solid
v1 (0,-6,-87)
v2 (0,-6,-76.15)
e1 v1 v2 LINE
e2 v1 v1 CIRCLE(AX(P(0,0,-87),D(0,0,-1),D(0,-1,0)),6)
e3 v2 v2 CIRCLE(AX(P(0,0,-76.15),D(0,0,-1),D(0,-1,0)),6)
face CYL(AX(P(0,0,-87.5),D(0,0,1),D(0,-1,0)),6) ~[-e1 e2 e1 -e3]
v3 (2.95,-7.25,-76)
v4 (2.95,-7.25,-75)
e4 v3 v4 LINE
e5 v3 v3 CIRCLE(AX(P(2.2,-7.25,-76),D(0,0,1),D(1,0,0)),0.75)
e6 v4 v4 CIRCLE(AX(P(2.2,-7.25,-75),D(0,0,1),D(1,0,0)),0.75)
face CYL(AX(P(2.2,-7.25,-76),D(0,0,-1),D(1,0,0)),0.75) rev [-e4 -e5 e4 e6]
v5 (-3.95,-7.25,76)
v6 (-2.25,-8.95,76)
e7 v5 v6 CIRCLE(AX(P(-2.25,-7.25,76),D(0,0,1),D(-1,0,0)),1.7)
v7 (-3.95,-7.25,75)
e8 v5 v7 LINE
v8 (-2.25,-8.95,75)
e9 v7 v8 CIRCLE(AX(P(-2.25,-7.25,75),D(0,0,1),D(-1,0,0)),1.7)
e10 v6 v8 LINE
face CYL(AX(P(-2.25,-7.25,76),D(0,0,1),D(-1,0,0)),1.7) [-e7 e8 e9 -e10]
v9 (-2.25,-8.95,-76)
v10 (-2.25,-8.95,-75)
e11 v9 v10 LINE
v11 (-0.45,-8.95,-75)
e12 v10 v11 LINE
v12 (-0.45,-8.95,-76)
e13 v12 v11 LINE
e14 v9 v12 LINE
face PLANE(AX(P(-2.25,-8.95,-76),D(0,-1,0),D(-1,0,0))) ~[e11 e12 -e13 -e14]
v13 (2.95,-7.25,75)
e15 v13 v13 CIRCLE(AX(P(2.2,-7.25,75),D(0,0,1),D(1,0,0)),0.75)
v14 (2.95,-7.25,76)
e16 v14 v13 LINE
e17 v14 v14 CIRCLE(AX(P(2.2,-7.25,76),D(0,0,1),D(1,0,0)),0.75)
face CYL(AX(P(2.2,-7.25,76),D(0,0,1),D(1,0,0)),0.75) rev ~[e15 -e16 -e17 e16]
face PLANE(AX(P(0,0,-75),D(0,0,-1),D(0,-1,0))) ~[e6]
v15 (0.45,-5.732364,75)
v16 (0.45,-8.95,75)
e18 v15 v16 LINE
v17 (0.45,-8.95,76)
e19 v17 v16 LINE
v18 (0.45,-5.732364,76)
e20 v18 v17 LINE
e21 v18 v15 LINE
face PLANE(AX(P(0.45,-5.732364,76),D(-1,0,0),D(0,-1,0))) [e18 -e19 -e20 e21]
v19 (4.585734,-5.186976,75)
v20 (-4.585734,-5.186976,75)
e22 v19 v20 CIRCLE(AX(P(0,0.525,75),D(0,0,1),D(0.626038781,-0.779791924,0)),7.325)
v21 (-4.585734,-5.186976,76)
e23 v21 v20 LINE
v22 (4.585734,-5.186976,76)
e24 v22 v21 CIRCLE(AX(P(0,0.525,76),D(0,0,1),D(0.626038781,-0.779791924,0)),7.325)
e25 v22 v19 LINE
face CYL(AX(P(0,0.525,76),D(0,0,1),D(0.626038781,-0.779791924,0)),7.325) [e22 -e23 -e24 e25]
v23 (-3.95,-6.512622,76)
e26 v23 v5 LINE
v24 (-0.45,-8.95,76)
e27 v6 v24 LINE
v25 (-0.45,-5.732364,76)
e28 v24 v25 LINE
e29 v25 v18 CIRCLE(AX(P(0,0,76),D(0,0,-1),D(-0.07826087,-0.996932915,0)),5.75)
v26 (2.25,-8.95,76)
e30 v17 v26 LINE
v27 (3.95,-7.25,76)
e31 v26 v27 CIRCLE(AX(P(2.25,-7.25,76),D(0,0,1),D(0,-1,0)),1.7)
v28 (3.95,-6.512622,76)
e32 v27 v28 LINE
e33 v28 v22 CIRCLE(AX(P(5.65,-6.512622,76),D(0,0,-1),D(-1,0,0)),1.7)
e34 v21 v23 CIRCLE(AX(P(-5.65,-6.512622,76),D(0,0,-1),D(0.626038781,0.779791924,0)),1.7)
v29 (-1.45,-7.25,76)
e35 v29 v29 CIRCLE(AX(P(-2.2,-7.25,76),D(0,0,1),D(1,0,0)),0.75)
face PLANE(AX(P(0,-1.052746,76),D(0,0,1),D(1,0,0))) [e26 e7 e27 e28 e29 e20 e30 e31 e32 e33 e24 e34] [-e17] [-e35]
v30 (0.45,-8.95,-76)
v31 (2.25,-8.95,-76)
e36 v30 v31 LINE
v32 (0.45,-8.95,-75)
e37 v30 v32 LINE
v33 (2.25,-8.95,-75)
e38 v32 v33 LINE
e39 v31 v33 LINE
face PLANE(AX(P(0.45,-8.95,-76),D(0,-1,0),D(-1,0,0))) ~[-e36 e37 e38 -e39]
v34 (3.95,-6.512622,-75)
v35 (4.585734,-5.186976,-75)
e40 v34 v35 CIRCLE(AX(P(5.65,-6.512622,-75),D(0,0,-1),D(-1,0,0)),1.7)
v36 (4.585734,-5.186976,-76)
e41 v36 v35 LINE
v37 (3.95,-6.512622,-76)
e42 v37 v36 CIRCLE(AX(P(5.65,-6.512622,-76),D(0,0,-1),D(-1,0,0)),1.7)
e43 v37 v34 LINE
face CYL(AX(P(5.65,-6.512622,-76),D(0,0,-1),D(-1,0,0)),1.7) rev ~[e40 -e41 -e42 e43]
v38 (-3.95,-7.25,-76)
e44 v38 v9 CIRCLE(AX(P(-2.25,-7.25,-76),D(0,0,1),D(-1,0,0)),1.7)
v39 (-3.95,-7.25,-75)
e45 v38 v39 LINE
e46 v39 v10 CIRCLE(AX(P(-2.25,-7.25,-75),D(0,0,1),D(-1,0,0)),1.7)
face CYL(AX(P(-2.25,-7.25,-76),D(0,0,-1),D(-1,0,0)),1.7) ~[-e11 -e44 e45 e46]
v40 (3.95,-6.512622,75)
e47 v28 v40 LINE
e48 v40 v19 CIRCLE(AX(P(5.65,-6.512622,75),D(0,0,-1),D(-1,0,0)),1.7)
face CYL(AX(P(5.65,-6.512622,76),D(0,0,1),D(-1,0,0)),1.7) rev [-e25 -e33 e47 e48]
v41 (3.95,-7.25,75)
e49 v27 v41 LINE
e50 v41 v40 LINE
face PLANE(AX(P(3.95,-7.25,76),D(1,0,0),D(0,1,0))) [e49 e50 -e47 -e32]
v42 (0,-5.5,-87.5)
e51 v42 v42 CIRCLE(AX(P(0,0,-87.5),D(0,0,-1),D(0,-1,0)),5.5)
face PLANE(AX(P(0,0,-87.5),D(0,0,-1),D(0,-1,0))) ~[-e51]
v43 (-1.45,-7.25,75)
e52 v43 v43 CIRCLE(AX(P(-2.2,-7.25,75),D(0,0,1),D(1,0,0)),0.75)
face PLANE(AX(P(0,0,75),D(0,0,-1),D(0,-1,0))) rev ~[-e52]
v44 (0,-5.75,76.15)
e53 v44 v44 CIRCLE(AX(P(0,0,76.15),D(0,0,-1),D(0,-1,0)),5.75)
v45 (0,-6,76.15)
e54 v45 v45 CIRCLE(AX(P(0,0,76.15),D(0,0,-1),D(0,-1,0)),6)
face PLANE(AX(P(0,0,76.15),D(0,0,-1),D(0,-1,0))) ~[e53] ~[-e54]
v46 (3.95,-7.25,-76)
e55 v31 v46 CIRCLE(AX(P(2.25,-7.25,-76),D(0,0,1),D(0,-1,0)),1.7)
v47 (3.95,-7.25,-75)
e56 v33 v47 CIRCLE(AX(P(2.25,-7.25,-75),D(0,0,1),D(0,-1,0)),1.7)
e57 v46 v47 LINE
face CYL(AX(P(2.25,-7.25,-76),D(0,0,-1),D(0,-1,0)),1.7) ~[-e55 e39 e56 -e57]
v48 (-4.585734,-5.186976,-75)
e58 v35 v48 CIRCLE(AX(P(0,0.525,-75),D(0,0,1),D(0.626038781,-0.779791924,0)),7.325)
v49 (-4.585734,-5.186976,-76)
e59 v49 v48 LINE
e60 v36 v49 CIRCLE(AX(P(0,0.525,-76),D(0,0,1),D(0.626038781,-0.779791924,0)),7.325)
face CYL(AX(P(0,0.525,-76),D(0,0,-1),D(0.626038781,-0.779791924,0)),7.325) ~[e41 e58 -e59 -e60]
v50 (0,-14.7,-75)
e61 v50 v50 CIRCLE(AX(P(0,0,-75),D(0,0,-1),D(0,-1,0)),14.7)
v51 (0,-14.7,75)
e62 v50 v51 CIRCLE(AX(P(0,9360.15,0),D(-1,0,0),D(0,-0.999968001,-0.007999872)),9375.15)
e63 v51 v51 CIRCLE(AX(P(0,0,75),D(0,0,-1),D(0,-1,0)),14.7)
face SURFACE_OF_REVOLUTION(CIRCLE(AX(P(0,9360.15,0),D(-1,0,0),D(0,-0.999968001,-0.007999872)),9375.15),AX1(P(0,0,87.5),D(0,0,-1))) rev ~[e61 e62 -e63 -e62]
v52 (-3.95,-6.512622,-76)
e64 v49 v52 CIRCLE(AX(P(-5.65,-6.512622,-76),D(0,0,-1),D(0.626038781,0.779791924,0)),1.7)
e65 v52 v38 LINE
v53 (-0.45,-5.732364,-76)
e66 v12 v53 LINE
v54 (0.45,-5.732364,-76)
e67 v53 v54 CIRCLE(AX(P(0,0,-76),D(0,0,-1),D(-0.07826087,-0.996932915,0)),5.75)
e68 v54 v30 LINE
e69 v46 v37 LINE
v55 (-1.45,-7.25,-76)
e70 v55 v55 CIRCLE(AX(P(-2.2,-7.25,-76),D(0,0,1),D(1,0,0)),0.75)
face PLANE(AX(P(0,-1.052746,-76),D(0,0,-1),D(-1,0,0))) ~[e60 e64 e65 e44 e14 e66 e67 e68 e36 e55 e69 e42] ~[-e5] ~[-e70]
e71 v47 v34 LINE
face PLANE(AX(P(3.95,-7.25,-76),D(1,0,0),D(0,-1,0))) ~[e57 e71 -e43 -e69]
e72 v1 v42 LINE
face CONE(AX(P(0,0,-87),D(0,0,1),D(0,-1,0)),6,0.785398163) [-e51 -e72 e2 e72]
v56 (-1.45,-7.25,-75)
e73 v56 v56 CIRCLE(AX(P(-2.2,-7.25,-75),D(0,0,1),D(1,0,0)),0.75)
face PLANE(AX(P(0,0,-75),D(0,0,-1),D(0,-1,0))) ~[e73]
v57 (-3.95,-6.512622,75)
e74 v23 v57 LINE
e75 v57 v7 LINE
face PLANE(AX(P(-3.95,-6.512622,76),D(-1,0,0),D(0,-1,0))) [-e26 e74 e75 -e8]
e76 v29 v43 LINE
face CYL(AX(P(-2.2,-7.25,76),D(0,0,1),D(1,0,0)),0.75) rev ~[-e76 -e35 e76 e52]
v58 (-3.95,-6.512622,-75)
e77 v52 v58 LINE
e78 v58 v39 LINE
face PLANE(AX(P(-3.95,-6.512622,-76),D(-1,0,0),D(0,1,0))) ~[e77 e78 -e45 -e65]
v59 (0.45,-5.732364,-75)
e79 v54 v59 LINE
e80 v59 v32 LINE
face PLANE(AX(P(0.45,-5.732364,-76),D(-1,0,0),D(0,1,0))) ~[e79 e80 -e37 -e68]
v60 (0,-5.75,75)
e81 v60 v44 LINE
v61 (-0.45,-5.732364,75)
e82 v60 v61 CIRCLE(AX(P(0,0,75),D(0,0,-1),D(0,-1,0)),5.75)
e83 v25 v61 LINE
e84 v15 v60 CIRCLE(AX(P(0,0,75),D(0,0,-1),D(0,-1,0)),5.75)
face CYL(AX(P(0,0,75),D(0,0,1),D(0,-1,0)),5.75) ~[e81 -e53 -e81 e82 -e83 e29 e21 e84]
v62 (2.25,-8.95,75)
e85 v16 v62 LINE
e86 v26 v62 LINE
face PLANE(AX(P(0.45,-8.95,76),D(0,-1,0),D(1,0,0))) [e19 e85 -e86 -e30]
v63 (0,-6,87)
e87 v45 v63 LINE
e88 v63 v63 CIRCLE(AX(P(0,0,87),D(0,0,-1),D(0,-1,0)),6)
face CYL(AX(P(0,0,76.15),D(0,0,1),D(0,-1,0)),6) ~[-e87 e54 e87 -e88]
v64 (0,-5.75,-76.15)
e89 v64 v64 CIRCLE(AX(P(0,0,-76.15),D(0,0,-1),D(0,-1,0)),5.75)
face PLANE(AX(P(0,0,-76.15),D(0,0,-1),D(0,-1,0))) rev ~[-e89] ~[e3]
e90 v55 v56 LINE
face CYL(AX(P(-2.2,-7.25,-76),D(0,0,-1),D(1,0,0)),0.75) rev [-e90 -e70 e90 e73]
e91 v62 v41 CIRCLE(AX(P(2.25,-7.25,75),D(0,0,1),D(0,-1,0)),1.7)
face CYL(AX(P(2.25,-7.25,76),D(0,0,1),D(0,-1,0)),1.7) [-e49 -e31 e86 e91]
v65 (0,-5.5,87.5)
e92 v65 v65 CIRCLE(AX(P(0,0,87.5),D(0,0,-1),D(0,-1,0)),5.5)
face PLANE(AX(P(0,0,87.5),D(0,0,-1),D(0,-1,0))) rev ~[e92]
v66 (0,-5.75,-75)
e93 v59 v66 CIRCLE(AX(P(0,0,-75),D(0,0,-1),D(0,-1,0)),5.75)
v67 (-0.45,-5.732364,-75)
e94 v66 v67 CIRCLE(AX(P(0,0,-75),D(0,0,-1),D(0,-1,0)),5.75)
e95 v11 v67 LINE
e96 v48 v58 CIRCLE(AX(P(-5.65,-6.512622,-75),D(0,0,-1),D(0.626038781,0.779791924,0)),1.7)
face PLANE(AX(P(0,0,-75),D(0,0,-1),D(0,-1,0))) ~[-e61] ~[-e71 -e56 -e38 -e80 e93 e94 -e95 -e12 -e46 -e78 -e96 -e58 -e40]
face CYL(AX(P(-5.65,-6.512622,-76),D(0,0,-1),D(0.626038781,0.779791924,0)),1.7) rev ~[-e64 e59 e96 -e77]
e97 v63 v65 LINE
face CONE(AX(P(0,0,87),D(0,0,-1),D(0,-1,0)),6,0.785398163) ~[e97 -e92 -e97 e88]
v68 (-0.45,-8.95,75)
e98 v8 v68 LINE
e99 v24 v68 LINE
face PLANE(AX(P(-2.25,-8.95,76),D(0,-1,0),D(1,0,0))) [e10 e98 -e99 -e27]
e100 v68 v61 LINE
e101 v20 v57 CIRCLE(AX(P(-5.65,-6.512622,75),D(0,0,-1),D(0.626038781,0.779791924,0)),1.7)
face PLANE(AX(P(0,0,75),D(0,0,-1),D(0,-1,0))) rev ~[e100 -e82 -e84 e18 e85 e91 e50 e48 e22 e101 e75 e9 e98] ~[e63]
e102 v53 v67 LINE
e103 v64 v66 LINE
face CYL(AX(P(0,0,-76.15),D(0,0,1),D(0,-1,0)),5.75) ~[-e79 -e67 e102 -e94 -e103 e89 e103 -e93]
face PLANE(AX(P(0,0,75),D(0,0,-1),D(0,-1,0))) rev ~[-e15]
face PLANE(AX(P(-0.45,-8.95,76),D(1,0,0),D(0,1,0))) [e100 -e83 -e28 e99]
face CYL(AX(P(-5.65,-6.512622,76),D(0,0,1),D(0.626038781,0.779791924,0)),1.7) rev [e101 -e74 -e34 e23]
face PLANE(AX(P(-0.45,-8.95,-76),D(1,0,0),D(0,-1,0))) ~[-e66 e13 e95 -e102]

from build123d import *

# Parameters (mm, degrees)
BOSS_EXTRUDE1_START = 1
SKETCH2_R           = 0.75
BOSS_EXTRUDE1_DEPTH = 1
CHAMFER1_SIZE       = 0.5


with BuildPart() as part:
    # Sketch1 → Revolve1 (revolve)
    with BuildSketch(Plane(origin=(0, 0, 0), x_dir=(0, 0, -1), z_dir=(1, 0, 0)), mode=Mode.PRIVATE) as revolve1_sk:
        with BuildLine():
            Line((87.5, 6), (76.15, 6))
            Line((76.15, 6), (76.15, 5.75))
            Line((76.15, 5.75), (75, 5.75))
            Line((75, 5.75), (75, 14.7))
            ThreePointArc((75, 14.7), (0, 15), (-75, 14.7))
            Line((-75, 14.7), (-75, 5.75))
            Line((-75, 5.75), (-76.15, 5.75))
            Line((-76.15, 5.75), (-76.15, 6))
            Line((-76.15, 6), (-87.5, 6))
            Line((-87.5, 6), (-87.5, 0))
            Line((-87.5, 0), (87.5, 0))
            Line((87.5, 0), (87.5, 6))
        make_face()
    revolve(revolve1_sk.sketch.rotate(Axis((0, 0, 87.5), (0, 0, -1)), 180), axis=Axis((0, 0, 87.5), (0, 0, -1)))

    # Sketch2 → Boss-Extrude1 (add)
    with BuildSketch(Plane.XY.offset(75).offset(BOSS_EXTRUDE1_START)):
        with BuildLine():
            Line((-0.45, -8.95), (-0.45, -5.732364259))
            ThreePointArc((-0.45, -5.732364259), (0, 5.75), (0.45, -5.732364259))
            Line((0.45, -5.732364259), (0.45, -8.95))
            Line((0.45, -8.95), (2.25, -8.95))
            ThreePointArc((2.25, -8.95), (3.452081528, -8.452081528), (3.95, -7.25))
            Line((3.95, -7.25), (3.95, -6.512622113))
            ThreePointArc((3.95, -6.512622113), (4.117151006, -5.777520785), (4.585734072, -5.186975842))
            ThreePointArc((4.585734072, -5.186975842), (0, 7.85), (-4.585734072, -5.186975842))
            ThreePointArc((-4.585734072, -5.186975842), (-4.117151006, -5.777520785), (-3.95, -6.512622113))
            Line((-3.95, -6.512622113), (-3.95, -7.25))
            ThreePointArc((-3.95, -7.25), (-3.452081528, -8.452081528), (-2.25, -8.95))
            Line((-2.25, -8.95), (-0.45, -8.95))
        make_face()
        with Locations((-2.2, -7.25)):
            Circle(SKETCH2_R, mode=Mode.SUBTRACT)
        with Locations((2.2, -7.25)):
            Circle(SKETCH2_R, mode=Mode.SUBTRACT)
    boss_extrude1 = extrude(amount=-BOSS_EXTRUDE1_DEPTH)

    # Mirror1: Boss-Extrude1 across plane
    add(boss_extrude1.mirror(Plane.XY))

    # Chamfer1
    chamfer1_edges = [part.edges().sort_by_distance(p)[0] for p in [
        (0, 6, 87.5),
        (0, 6, -87.5),
    ]]
    chamfer(chamfer1_edges, length=CHAMFER1_SIZE)


solid = part.part
